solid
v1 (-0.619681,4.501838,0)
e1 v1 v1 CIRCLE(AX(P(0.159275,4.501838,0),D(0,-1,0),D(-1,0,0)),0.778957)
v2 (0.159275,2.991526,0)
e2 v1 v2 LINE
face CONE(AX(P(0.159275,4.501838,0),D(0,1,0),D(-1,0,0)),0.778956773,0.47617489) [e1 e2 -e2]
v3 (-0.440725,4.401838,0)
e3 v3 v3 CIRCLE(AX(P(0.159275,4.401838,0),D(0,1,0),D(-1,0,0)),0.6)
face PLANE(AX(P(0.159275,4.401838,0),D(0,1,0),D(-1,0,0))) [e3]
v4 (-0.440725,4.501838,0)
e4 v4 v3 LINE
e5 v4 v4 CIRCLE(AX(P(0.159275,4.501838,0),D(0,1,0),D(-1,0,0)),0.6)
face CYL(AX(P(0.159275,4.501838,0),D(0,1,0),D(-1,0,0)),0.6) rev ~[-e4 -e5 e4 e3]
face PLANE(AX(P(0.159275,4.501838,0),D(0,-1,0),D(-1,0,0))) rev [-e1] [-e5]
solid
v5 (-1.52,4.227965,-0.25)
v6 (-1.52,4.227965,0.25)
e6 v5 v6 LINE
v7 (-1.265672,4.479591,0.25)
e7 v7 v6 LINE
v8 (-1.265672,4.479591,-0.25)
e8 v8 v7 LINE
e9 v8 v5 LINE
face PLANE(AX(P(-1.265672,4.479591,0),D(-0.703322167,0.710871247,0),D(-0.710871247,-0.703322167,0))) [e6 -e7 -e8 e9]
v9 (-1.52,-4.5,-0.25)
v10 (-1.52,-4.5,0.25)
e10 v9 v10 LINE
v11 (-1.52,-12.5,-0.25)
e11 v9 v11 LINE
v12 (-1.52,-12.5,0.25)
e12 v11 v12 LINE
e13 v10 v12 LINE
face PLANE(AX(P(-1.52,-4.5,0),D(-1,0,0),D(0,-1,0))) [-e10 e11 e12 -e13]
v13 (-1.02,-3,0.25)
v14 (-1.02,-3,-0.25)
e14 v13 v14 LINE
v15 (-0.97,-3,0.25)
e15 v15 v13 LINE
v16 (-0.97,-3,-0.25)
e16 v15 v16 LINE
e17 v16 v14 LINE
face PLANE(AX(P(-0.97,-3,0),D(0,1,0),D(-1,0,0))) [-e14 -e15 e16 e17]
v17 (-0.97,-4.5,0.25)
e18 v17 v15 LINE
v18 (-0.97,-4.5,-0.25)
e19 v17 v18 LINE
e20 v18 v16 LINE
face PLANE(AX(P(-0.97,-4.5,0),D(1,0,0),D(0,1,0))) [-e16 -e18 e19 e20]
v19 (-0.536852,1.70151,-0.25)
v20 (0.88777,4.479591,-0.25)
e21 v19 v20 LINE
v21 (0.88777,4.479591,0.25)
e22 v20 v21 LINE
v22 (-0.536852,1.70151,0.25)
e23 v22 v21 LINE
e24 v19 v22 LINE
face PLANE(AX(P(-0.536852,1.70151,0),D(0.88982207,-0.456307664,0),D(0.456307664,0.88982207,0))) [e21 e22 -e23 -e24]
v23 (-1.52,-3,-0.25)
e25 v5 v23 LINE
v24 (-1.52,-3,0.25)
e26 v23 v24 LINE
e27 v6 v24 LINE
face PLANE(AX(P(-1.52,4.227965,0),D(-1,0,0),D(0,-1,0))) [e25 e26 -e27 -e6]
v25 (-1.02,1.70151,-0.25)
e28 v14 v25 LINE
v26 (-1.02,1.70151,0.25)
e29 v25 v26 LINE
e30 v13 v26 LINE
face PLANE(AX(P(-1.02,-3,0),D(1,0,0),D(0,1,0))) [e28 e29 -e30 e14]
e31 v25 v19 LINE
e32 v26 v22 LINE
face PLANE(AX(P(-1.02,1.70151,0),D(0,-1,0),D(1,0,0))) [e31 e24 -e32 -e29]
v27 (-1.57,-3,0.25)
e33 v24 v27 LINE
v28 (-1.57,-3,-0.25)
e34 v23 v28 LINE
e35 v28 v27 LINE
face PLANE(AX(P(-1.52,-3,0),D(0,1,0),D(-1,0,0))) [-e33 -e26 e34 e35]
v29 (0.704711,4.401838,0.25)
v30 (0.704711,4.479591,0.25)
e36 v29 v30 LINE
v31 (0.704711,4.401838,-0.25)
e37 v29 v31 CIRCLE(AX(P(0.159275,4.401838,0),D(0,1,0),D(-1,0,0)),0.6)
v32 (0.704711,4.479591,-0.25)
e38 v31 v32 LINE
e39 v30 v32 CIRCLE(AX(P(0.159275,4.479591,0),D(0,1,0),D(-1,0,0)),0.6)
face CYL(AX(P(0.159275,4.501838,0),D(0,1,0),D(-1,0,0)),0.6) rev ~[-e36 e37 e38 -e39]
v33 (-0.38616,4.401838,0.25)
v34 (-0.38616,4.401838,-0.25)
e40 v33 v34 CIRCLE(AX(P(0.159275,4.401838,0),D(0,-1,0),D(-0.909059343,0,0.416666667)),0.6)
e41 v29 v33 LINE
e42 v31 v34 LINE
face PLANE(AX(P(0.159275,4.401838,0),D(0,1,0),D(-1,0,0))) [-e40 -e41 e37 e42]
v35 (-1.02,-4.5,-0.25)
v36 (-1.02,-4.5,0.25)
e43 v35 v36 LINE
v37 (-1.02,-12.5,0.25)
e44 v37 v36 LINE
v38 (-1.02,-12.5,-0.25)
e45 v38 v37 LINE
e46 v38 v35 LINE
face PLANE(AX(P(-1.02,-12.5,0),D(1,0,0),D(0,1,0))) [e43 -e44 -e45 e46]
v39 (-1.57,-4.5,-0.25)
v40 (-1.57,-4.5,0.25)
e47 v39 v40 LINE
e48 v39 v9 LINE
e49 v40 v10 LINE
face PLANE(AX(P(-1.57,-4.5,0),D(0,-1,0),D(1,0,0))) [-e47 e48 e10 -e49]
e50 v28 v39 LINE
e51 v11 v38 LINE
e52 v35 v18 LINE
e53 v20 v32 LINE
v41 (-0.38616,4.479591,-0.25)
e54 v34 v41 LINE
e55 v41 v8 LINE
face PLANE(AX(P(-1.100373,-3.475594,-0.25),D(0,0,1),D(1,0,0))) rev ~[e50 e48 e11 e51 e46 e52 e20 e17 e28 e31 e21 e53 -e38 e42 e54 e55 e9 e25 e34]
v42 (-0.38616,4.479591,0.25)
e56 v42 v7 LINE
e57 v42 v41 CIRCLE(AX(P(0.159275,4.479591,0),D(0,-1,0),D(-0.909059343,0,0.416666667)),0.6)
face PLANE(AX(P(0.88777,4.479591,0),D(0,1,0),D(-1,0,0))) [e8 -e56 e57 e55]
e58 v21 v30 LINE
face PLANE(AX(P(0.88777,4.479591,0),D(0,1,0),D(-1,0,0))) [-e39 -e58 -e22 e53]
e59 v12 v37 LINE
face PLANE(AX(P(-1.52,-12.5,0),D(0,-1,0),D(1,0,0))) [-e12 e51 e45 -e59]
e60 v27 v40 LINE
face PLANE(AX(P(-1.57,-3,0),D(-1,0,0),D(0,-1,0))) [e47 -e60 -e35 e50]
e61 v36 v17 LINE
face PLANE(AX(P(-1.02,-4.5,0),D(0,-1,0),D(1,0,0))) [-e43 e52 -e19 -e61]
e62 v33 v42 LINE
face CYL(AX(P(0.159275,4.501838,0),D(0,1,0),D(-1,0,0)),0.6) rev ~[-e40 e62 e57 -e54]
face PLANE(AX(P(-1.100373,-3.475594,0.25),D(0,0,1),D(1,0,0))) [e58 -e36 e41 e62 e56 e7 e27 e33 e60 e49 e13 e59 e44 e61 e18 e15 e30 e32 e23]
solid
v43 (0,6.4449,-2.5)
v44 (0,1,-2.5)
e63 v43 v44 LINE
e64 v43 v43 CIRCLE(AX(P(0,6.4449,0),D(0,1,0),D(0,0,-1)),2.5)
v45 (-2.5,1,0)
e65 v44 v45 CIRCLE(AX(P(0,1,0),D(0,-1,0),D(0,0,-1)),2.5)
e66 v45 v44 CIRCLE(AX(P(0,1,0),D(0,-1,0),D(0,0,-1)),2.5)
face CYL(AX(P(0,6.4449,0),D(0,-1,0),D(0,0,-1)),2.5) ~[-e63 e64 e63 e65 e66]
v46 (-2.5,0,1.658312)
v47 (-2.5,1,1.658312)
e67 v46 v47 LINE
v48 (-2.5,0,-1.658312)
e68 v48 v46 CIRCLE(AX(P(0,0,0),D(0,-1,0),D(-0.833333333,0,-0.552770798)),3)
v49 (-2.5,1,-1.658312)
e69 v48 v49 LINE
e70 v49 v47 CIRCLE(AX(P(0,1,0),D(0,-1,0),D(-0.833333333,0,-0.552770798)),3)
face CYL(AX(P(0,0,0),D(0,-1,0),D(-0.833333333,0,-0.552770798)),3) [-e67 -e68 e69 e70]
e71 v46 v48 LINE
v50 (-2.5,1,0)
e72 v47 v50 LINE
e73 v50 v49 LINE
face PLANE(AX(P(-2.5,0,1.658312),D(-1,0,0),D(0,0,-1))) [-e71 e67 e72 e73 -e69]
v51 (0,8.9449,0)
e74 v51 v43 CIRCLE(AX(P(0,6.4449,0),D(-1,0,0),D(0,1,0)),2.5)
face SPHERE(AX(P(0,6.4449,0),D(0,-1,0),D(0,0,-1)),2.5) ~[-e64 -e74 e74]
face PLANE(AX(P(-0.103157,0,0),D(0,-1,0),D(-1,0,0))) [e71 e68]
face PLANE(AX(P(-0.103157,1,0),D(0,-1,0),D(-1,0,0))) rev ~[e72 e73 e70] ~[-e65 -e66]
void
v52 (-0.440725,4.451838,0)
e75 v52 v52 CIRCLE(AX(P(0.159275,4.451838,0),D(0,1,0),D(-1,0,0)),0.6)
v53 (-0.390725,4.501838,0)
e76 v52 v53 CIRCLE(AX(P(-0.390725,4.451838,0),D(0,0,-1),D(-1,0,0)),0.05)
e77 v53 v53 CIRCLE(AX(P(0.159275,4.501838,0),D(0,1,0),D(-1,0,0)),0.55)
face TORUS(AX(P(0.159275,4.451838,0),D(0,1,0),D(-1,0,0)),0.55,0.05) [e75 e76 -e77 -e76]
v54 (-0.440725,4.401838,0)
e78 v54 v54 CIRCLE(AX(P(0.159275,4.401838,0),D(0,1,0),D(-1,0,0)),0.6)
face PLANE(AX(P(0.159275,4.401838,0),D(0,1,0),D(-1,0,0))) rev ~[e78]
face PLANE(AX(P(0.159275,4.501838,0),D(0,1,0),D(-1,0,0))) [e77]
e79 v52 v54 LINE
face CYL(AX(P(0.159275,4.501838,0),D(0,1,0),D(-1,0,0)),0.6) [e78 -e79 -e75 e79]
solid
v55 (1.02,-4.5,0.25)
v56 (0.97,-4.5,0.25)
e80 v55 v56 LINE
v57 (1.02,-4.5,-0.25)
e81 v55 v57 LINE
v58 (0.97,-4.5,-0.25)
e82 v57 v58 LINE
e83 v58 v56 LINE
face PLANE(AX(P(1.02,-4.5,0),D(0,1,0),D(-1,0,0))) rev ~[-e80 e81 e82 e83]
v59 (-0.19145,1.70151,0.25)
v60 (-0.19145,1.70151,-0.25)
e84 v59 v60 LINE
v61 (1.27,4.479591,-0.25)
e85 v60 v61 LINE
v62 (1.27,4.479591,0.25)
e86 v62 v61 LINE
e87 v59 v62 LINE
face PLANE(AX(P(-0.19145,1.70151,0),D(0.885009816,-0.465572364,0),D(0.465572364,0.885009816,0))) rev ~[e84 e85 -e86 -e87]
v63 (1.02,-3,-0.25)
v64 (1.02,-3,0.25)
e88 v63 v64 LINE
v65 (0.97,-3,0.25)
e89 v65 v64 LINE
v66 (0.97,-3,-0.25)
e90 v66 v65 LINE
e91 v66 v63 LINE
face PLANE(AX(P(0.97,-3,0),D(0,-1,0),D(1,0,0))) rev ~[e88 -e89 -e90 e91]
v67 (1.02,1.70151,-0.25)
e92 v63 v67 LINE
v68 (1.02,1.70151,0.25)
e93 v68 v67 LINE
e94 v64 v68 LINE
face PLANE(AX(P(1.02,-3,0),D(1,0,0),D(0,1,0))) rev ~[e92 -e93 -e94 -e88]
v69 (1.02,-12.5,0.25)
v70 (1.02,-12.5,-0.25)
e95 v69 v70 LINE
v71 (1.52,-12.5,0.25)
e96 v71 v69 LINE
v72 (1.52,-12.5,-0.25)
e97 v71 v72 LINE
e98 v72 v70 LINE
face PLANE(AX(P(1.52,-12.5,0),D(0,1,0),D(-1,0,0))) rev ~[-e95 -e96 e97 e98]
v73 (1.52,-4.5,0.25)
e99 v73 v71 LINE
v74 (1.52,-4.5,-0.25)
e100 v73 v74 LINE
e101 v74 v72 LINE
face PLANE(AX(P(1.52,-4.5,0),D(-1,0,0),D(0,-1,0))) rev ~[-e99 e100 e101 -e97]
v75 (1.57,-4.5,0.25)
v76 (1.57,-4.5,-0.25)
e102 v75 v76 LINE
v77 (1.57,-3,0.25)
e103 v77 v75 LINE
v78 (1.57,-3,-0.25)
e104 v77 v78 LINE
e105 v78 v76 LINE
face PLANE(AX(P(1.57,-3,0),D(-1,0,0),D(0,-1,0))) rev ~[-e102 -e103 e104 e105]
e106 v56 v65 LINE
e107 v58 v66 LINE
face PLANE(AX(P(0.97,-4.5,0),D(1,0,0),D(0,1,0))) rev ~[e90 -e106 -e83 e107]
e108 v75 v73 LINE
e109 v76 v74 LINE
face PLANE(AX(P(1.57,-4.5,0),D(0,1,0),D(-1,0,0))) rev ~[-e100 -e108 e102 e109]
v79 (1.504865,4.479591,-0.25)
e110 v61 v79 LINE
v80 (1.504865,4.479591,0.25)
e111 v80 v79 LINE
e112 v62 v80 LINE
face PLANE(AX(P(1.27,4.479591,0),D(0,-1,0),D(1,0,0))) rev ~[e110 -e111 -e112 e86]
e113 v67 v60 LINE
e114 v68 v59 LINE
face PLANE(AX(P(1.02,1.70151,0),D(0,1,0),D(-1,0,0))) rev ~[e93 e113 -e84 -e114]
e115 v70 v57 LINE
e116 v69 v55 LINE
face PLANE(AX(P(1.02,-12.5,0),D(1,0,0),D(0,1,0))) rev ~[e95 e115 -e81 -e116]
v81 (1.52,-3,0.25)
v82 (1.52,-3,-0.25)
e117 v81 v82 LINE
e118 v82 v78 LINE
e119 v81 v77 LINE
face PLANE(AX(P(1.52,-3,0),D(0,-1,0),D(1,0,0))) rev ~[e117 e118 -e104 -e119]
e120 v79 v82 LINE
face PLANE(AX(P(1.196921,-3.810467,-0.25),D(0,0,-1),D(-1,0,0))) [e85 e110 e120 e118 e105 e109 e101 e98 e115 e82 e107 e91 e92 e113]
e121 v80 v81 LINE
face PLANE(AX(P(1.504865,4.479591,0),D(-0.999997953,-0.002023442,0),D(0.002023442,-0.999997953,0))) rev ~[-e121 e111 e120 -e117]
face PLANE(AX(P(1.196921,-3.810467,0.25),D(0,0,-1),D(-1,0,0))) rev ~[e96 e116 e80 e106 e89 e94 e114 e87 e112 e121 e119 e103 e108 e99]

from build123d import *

# Parameters (mm, degrees)
BOSS_EXTRUDE1_DEPTH   = 1
BOSS_EXTRUDE2_DEPTH   = 0.25
BOSS_EXTRUDE2_2_DEPTH = 0.25
SKETCH9_R             = 0.6
CUT_EXTRUDE1_DEPTH    = 0.1
FILLET1_R             = 0.05


with BuildPart() as part:
    # Sketch1 → Boss-Extrude1 (new body)
    with BuildSketch(Plane(origin=(0, 0, 0), x_dir=(1, 0, 0), z_dir=(0, 1, 0))):
        with BuildLine():
            Line((-2.5, 0), (-2.5, 1.658312395))
            ThreePointArc((-2.5, 1.658312395), (3, 0), (-2.5, -1.658312395))
            Line((-2.5, -1.658312395), (-2.5, 0))
        make_face()
    extrude(amount=BOSS_EXTRUDE1_DEPTH)

    # Sketch3 → Revolve1 (revolve)
    with BuildSketch(Plane(origin=(0, 0, 0), x_dir=(0, 0, -1), z_dir=(1, 0, 0)), mode=Mode.PRIVATE) as revolve1_sk:
        with BuildLine():
            Line((0, 0.52609168), (0, 8.944899703))
            ThreePointArc((0, 8.944899703), (-1.767766953, 8.212666656), (-2.5, 6.444899703))
            Line((-2.5, 6.444899703), (-2.5, 0.52609168))
            Line((-2.5, 0.52609168), (0, 0.52609168))
        make_face()
    revolve(revolve1_sk.sketch.rotate(Axis((0, 0.52609168, 0), (0, 1, 0)), 180), axis=Axis((0, 0.52609168, 0), (0, 1, 0)))


with BuildPart() as body_2:
    # Sketch4 → Boss-Extrude2 (new, symmetric)
    with BuildSketch(Plane.XY):
        Polygon((-1.02, -3), (-1.02, 1.701510316), (-0.536851564, 1.701510316), (0.887769977, 4.479591393), (-1.265672404, 4.479591393), (-1.52, 4.227964623), (-1.52, -3), (-1.57, -3), (-1.57, -4.5), (-1.52, -4.5), (-1.52, -12.5), (-1.02, -12.5), (-1.02, -4.5), (-0.97, -4.5), (-0.97, -3), align=None)
    extrude(amount=BOSS_EXTRUDE2_DEPTH, both=True)


with BuildPart() as body_3:
    # Sketch4 → Boss-Extrude2 2 (new, symmetric)
    with BuildSketch(Plane.XY):
        Polygon((1.02, -3), (1.02, 1.701510316), (-0.191450203, 1.701510316), (1.27, 4.479591393), (1.504865449, 4.479591393), (1.52, -3), (1.57, -3), (1.57, -4.5), (1.52, -4.5), (1.52, -12.5), (1.02, -12.5), (1.02, -4.5), (0.97, -4.5), (0.97, -3), align=None)
    extrude(amount=BOSS_EXTRUDE2_2_DEPTH, both=True)


with BuildPart() as body_4:
    # Sketch6 → Revolve2 (revolve)
    with BuildSketch(Plane.XY, mode=Mode.PRIVATE) as revolve2_sk:
        Polygon((0.159275367, 4.501838224), (0.93823214, 4.501838224), (0.159275367, 2.991525598), align=None)
    revolve(revolve2_sk.sketch.rotate(Axis((0.159275367, 6.166765255, 0), (0, -1, 0)), 180), axis=Axis((0.159275367, 6.166765255, 0), (0, -1, 0)))


with BuildPart() as cut_extrude1_tool:
    # Sketch9 → Cut-Extrude1 (new body)
    with BuildSketch(Plane(origin=(0, 4.501838224, 0), x_dir=(1, 0, 0), z_dir=(0, 1, 0))):
        with Locations(Location((0.159275367, 0, 0), (0, 0, 180))):
            Circle(SKETCH9_R)
    extrude(amount=-CUT_EXTRUDE1_DEPTH)


with BuildPart() as part_1:
    add(part.part)

    # Cut-Extrude1: cut by cut_extrude1_tool
    add(cut_extrude1_tool.part, mode=Mode.SUBTRACT)

    # Fillet1
    fillet1_edges = [part_1.edges().sort_by_distance(p)[0] for p in [
        (0.759275367, 4.501838224, 0),
    ]]
    fillet(fillet1_edges, radius=FILLET1_R)


with BuildPart() as body_2_1:
    add(body_2.part)

    # Cut-Extrude1: cut by cut_extrude1_tool
    add(cut_extrude1_tool.part, mode=Mode.SUBTRACT)


with BuildPart() as body_4_1:
    add(body_4.part)

    # Cut-Extrude1: cut by cut_extrude1_tool
    add(cut_extrude1_tool.part, mode=Mode.SUBTRACT)


solid = Compound([body_3.part, part_1.part, body_2_1.part, body_4_1.part])
